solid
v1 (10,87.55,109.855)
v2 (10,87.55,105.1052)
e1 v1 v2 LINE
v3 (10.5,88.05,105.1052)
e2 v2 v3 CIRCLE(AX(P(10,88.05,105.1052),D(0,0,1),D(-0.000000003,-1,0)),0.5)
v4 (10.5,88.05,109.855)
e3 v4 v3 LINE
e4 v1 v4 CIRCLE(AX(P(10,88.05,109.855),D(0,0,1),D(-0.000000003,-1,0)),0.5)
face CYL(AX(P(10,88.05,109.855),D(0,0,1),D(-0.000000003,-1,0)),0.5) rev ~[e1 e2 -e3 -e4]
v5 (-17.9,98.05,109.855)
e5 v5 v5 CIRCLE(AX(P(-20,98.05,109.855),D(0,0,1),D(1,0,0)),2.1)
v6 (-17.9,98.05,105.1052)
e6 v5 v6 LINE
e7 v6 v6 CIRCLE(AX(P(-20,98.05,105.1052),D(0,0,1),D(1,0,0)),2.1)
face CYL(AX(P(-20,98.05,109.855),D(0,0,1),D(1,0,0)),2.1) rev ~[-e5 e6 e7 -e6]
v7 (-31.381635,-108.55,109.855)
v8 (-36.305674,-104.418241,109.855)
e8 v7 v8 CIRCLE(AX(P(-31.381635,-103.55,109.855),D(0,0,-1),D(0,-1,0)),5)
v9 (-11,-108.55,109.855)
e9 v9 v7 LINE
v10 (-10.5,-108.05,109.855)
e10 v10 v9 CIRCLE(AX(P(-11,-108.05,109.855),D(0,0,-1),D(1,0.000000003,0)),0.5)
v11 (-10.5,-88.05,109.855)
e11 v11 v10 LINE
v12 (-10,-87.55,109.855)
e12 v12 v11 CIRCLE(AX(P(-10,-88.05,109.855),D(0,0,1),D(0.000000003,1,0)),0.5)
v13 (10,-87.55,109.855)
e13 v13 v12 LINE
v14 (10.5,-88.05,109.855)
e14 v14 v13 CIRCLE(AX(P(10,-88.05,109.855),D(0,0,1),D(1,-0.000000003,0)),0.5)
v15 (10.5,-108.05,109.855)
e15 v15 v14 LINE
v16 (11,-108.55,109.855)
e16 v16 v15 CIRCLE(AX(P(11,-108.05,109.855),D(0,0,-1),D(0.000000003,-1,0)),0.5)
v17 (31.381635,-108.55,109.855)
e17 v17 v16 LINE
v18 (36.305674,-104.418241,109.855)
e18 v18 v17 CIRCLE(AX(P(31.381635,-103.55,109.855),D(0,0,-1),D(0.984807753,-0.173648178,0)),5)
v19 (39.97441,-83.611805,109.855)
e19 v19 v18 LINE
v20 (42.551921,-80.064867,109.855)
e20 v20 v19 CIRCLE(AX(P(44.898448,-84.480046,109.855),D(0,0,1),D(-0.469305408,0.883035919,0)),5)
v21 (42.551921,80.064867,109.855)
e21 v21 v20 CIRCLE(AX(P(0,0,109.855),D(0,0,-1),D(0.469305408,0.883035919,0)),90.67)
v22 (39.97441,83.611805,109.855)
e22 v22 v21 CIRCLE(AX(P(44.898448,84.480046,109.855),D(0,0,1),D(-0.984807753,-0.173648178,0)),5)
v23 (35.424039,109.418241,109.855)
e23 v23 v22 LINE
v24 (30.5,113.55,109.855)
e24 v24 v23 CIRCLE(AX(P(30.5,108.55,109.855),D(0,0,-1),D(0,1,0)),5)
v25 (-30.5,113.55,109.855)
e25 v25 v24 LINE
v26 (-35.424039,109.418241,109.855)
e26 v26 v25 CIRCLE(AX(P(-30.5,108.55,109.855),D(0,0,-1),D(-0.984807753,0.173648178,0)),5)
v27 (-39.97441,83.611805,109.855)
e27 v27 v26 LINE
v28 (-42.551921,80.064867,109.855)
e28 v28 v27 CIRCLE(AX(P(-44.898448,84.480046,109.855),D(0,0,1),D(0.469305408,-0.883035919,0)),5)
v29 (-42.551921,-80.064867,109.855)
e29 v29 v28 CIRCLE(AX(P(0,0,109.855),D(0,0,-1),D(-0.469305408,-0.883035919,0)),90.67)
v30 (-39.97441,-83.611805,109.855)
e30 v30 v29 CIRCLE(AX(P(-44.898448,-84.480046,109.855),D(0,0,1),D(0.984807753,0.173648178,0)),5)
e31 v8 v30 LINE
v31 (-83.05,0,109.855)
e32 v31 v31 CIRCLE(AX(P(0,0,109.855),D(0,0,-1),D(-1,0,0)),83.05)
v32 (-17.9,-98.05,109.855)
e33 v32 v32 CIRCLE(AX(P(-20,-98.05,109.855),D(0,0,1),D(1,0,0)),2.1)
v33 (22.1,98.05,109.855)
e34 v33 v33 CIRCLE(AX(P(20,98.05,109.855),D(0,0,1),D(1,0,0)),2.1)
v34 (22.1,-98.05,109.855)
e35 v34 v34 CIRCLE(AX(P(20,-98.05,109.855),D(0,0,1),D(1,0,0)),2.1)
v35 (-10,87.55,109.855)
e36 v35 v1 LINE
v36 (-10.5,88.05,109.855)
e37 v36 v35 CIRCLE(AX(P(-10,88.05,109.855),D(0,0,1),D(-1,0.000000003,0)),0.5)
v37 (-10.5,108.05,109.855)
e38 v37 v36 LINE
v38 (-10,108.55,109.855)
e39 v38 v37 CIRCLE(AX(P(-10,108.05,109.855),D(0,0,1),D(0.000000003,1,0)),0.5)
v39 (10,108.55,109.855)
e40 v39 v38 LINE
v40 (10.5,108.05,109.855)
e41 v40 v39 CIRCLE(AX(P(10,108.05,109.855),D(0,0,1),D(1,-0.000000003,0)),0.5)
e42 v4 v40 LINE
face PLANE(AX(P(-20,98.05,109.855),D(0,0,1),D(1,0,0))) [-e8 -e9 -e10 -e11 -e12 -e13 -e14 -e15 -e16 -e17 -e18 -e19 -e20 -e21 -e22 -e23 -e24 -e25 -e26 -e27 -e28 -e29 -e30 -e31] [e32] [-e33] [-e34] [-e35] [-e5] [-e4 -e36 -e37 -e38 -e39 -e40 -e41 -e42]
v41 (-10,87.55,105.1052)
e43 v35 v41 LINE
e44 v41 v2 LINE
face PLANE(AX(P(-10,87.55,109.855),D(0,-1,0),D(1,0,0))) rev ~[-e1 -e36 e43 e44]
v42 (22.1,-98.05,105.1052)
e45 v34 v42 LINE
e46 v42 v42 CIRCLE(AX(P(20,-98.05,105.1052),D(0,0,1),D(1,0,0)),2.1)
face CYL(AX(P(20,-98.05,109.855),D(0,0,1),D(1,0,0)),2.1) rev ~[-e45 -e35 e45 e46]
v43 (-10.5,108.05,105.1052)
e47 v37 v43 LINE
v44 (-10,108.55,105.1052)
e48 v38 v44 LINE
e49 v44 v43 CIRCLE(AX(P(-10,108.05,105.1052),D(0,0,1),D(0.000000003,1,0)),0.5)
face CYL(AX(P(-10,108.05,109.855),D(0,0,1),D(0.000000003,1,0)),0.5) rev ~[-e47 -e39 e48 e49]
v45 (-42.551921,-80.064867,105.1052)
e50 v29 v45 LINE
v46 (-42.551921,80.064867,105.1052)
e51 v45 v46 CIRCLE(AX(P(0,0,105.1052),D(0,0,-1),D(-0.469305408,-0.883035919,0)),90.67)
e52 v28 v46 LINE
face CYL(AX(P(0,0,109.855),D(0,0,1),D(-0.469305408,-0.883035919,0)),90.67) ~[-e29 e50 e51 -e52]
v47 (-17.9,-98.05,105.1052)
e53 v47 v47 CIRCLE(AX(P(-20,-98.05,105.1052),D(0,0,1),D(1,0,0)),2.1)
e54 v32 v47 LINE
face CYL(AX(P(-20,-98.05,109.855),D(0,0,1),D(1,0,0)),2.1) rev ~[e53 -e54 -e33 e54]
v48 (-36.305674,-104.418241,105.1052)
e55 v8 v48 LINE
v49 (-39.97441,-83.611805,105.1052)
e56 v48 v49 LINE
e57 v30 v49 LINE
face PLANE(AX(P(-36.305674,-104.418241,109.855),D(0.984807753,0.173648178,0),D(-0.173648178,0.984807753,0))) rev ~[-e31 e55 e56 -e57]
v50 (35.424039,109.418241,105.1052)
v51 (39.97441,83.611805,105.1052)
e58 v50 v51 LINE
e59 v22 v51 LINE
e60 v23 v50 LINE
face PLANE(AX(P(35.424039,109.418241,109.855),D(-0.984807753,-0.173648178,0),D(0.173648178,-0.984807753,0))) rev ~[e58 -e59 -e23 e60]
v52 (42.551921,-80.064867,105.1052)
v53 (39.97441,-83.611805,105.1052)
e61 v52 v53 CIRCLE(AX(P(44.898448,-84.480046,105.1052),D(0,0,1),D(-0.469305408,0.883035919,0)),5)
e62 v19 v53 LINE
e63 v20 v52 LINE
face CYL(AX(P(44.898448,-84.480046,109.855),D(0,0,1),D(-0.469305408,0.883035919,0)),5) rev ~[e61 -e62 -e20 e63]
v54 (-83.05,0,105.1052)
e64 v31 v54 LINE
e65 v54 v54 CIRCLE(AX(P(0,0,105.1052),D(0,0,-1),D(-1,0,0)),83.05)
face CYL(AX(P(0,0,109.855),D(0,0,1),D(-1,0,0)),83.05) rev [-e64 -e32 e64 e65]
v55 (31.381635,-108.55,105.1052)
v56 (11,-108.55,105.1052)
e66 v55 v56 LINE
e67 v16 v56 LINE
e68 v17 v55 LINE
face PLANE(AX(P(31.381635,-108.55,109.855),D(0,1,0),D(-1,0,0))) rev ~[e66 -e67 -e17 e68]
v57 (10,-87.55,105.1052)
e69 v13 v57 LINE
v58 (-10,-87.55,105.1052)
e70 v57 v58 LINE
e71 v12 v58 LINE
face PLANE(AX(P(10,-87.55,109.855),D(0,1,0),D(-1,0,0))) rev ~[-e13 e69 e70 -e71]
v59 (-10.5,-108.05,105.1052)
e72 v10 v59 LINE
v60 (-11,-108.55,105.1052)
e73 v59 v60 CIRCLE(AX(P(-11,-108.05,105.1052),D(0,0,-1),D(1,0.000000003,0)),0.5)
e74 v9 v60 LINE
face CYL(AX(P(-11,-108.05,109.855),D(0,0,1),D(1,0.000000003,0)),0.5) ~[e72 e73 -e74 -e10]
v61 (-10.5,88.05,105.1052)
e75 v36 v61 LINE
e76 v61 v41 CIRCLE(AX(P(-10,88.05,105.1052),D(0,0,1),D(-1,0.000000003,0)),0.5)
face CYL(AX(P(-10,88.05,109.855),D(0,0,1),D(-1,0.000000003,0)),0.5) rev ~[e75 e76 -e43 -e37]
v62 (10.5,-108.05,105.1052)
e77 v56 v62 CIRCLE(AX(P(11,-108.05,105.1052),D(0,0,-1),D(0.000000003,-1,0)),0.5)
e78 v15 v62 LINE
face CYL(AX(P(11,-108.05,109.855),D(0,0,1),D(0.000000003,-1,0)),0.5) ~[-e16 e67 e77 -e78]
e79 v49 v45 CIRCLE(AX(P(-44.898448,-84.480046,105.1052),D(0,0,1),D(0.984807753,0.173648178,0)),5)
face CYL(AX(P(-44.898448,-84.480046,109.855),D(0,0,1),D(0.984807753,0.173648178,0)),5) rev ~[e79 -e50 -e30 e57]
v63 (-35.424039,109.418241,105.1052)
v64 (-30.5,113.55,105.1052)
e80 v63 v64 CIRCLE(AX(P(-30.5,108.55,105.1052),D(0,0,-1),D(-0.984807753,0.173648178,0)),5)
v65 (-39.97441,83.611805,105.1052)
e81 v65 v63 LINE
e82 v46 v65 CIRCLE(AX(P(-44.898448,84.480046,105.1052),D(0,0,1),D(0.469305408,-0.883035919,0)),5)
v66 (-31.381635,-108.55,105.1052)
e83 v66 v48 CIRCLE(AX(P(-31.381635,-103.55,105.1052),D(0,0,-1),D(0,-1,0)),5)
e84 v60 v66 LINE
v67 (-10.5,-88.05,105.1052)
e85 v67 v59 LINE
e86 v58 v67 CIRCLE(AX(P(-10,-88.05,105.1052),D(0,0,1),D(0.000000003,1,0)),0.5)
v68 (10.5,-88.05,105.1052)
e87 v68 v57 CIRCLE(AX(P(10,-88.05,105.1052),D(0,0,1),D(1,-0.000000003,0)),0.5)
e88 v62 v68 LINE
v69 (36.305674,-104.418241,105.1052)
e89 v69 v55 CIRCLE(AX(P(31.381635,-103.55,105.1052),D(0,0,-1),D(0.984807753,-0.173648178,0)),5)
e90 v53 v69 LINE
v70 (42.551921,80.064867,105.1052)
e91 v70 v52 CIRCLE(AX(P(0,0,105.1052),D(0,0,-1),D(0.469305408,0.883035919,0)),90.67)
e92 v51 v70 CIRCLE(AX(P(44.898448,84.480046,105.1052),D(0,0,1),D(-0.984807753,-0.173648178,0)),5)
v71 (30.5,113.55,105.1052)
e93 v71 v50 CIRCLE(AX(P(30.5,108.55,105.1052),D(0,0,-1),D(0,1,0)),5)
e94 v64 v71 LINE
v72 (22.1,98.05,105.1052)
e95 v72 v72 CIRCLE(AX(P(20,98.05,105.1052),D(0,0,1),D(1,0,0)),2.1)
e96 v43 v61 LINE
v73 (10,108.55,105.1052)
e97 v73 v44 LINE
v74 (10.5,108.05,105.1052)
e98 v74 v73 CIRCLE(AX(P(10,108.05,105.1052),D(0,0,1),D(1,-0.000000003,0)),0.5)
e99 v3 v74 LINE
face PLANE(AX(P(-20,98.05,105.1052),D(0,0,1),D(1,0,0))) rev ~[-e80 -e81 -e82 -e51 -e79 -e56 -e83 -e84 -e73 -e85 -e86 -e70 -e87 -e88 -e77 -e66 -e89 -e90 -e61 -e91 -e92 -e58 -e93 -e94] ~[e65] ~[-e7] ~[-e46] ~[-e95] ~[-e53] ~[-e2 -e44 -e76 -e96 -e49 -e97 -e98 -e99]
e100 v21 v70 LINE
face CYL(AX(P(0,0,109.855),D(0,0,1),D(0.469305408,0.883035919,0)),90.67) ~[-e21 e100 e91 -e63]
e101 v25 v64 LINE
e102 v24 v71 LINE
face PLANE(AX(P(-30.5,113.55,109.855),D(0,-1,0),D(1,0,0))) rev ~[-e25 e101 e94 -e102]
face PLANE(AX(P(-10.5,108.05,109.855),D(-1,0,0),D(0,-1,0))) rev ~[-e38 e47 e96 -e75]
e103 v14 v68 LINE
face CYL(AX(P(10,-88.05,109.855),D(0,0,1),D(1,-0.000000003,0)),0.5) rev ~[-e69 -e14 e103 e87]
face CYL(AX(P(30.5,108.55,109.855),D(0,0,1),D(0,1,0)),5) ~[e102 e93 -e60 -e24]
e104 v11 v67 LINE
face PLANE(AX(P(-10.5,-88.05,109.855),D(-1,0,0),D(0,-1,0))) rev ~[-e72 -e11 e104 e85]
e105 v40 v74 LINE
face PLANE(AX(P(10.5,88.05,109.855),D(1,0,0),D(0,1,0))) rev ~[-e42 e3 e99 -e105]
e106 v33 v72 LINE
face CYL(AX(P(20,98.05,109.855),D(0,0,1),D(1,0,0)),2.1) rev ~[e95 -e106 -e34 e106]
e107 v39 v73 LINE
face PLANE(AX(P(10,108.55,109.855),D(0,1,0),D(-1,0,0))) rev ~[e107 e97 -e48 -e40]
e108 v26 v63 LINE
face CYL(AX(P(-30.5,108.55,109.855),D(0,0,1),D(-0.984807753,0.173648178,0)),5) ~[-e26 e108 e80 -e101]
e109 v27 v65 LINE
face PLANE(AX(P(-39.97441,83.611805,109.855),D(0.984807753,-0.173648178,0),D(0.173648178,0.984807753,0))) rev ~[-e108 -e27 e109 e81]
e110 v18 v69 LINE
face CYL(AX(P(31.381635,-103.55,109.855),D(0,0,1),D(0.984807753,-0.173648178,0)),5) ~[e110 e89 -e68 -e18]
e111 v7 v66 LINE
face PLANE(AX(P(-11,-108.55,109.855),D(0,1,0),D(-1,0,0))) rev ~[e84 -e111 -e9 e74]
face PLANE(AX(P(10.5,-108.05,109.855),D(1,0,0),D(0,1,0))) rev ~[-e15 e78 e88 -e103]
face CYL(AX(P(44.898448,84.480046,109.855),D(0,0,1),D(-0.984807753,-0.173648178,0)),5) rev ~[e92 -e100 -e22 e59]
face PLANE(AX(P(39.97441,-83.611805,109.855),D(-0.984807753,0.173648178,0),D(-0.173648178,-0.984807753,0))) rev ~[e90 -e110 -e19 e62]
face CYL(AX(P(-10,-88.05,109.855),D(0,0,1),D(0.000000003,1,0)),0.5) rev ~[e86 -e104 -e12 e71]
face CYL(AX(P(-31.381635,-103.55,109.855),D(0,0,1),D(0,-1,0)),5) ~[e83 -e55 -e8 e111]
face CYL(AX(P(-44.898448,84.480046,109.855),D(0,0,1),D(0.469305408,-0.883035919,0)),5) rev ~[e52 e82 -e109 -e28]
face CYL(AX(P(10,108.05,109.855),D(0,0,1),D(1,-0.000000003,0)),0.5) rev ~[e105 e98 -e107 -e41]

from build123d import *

# Parameters (mm, degrees)
SKETCH2_R           = 83.05
SKETCH2_R_2         = 2.75
BOSS_EXTRUDE1_DEPTH = 4.7498
SKETCH3_R           = 2.75
SKETCH3_R_2         = 2.1
BOSS_EXTRUDE2_DEPTH = 4.7498


with BuildPart() as part:
    # Sketch2 → Boss-Extrude1 (new body)
    with BuildSketch(Plane(origin=(0, 0, 109.855), x_dir=(-1, 0, 0), z_dir=(0, 0, -1))):
        with BuildLine():
            Line((-31.381634904, -108.55), (-11, -108.55))
            ThreePointArc((-11, -108.55), (-10.646446609, -108.403553391), (-10.5, -108.05))
            Line((-10.5, -108.05), (-10.5, -88.05))
            ThreePointArc((-10.5, -88.05), (-10.353553391, -87.696446609), (-10, -87.55))
            Line((-10, -87.55), (10, -87.55))
            ThreePointArc((10, -87.55), (10.353553391, -87.696446609), (10.5, -88.05))
            Line((10.5, -88.05), (10.5, -108.05))
            ThreePointArc((10.5, -108.05), (10.646446609, -108.403553391), (11, -108.55))
            Line((11, -108.55), (31.381634904, -108.55))
            ThreePointArc((31.381634904, -108.55), (34.595572952, -107.380222216), (36.305673669, -104.418240888))
            Line((36.305673669, -104.418240888), (39.974409604, -83.611805478))
            ThreePointArc((39.974409604, -83.611805478), (40.853639928, -81.540739531), (42.55192133, -80.064866772))
            ThreePointArc((42.55192133, -80.064866772), (90.67, 0), (42.55192133, 80.064866772))
            ThreePointArc((42.55192133, 80.064866772), (40.853639928, 81.540739531), (39.974409604, 83.611805478))
            Line((39.974409604, 83.611805478), (35.424038765, 109.418240888))
            ThreePointArc((35.424038765, 109.418240888), (33.713938048, 112.380222216), (30.5, 113.55))
            Line((30.5, 113.55), (-30.5, 113.55))
            ThreePointArc((-30.5, 113.55), (-33.713938048, 112.380222216), (-35.424038765, 109.418240888))
            Line((-35.424038765, 109.418240888), (-39.974409604, 83.611805478))
            ThreePointArc((-39.974409604, 83.611805478), (-40.853639928, 81.540739531), (-42.55192133, 80.064866772))
            ThreePointArc((-42.55192133, 80.064866772), (-90.67, 0), (-42.55192133, -80.064866772))
            ThreePointArc((-42.55192133, -80.064866772), (-40.853639928, -81.540739531), (-39.974409604, -83.611805478))
            Line((-39.974409604, -83.611805478), (-36.305673669, -104.418240888))
            ThreePointArc((-36.305673669, -104.418240888), (-34.595572952, -107.380222216), (-31.381634904, -108.55))
        make_face()
        Circle(SKETCH2_R, mode=Mode.SUBTRACT)
        with Locations((20, 98.05)):
            Circle(SKETCH2_R_2, mode=Mode.SUBTRACT)
        with Locations((-20, 98.05)):
            Circle(SKETCH2_R_2, mode=Mode.SUBTRACT)
        with Locations((20, -98.05)):
            Circle(SKETCH2_R_2, mode=Mode.SUBTRACT)
        with Locations((-20, -98.05)):
            Circle(SKETCH2_R_2, mode=Mode.SUBTRACT)
        with BuildLine():
            Line((10, 87.55), (-10, 87.55))
            ThreePointArc((-10, 87.55), (-10.353553391, 87.696446609), (-10.5, 88.05))
            Line((-10.5, 88.05), (-10.5, 108.05))
            ThreePointArc((-10.5, 108.05), (-10.353553391, 108.403553391), (-10, 108.55))
            Line((-10, 108.55), (10, 108.55))
            ThreePointArc((10, 108.55), (10.353553391, 108.403553391), (10.5, 108.05))
            Line((10.5, 108.05), (10.5, 88.05))
            ThreePointArc((10.5, 88.05), (10.353553391, 87.696446609), (10, 87.55))
        make_face(mode=Mode.SUBTRACT)
    extrude(amount=BOSS_EXTRUDE1_DEPTH)

    # Sketch3 → Boss-Extrude2 (add)
    # profile 1 of 4: a face of its own
    with BuildSketch(Plane.XY.offset(109.855)):
        with Locations((-20, 98.05)):
            Circle(SKETCH3_R)
        with Locations((-20, 98.05)):
            Circle(SKETCH3_R_2, mode=Mode.SUBTRACT)
    # profile 2 of 4: a face of its own
    with BuildSketch(Plane.XY.offset(109.855)):
        with Locations((20, 98.05)):
            Circle(SKETCH3_R)
        with Locations((20, 98.05)):
            Circle(SKETCH3_R_2, mode=Mode.SUBTRACT)
    # profile 3 of 4: a face of its own
    with BuildSketch(Plane.XY.offset(109.855)):
        with Locations((20, -98.05)):
            Circle(SKETCH3_R)
        with Locations((20, -98.05)):
            Circle(SKETCH3_R_2, mode=Mode.SUBTRACT)
    # profile 4 of 4: a face of its own
    with BuildSketch(Plane.XY.offset(109.855)):
        with Locations((-20, -98.05)):
            Circle(SKETCH3_R)
        with Locations((-20, -98.05)):
            Circle(SKETCH3_R_2, mode=Mode.SUBTRACT)
    extrude(amount=-BOSS_EXTRUDE2_DEPTH)


solid = part.part
